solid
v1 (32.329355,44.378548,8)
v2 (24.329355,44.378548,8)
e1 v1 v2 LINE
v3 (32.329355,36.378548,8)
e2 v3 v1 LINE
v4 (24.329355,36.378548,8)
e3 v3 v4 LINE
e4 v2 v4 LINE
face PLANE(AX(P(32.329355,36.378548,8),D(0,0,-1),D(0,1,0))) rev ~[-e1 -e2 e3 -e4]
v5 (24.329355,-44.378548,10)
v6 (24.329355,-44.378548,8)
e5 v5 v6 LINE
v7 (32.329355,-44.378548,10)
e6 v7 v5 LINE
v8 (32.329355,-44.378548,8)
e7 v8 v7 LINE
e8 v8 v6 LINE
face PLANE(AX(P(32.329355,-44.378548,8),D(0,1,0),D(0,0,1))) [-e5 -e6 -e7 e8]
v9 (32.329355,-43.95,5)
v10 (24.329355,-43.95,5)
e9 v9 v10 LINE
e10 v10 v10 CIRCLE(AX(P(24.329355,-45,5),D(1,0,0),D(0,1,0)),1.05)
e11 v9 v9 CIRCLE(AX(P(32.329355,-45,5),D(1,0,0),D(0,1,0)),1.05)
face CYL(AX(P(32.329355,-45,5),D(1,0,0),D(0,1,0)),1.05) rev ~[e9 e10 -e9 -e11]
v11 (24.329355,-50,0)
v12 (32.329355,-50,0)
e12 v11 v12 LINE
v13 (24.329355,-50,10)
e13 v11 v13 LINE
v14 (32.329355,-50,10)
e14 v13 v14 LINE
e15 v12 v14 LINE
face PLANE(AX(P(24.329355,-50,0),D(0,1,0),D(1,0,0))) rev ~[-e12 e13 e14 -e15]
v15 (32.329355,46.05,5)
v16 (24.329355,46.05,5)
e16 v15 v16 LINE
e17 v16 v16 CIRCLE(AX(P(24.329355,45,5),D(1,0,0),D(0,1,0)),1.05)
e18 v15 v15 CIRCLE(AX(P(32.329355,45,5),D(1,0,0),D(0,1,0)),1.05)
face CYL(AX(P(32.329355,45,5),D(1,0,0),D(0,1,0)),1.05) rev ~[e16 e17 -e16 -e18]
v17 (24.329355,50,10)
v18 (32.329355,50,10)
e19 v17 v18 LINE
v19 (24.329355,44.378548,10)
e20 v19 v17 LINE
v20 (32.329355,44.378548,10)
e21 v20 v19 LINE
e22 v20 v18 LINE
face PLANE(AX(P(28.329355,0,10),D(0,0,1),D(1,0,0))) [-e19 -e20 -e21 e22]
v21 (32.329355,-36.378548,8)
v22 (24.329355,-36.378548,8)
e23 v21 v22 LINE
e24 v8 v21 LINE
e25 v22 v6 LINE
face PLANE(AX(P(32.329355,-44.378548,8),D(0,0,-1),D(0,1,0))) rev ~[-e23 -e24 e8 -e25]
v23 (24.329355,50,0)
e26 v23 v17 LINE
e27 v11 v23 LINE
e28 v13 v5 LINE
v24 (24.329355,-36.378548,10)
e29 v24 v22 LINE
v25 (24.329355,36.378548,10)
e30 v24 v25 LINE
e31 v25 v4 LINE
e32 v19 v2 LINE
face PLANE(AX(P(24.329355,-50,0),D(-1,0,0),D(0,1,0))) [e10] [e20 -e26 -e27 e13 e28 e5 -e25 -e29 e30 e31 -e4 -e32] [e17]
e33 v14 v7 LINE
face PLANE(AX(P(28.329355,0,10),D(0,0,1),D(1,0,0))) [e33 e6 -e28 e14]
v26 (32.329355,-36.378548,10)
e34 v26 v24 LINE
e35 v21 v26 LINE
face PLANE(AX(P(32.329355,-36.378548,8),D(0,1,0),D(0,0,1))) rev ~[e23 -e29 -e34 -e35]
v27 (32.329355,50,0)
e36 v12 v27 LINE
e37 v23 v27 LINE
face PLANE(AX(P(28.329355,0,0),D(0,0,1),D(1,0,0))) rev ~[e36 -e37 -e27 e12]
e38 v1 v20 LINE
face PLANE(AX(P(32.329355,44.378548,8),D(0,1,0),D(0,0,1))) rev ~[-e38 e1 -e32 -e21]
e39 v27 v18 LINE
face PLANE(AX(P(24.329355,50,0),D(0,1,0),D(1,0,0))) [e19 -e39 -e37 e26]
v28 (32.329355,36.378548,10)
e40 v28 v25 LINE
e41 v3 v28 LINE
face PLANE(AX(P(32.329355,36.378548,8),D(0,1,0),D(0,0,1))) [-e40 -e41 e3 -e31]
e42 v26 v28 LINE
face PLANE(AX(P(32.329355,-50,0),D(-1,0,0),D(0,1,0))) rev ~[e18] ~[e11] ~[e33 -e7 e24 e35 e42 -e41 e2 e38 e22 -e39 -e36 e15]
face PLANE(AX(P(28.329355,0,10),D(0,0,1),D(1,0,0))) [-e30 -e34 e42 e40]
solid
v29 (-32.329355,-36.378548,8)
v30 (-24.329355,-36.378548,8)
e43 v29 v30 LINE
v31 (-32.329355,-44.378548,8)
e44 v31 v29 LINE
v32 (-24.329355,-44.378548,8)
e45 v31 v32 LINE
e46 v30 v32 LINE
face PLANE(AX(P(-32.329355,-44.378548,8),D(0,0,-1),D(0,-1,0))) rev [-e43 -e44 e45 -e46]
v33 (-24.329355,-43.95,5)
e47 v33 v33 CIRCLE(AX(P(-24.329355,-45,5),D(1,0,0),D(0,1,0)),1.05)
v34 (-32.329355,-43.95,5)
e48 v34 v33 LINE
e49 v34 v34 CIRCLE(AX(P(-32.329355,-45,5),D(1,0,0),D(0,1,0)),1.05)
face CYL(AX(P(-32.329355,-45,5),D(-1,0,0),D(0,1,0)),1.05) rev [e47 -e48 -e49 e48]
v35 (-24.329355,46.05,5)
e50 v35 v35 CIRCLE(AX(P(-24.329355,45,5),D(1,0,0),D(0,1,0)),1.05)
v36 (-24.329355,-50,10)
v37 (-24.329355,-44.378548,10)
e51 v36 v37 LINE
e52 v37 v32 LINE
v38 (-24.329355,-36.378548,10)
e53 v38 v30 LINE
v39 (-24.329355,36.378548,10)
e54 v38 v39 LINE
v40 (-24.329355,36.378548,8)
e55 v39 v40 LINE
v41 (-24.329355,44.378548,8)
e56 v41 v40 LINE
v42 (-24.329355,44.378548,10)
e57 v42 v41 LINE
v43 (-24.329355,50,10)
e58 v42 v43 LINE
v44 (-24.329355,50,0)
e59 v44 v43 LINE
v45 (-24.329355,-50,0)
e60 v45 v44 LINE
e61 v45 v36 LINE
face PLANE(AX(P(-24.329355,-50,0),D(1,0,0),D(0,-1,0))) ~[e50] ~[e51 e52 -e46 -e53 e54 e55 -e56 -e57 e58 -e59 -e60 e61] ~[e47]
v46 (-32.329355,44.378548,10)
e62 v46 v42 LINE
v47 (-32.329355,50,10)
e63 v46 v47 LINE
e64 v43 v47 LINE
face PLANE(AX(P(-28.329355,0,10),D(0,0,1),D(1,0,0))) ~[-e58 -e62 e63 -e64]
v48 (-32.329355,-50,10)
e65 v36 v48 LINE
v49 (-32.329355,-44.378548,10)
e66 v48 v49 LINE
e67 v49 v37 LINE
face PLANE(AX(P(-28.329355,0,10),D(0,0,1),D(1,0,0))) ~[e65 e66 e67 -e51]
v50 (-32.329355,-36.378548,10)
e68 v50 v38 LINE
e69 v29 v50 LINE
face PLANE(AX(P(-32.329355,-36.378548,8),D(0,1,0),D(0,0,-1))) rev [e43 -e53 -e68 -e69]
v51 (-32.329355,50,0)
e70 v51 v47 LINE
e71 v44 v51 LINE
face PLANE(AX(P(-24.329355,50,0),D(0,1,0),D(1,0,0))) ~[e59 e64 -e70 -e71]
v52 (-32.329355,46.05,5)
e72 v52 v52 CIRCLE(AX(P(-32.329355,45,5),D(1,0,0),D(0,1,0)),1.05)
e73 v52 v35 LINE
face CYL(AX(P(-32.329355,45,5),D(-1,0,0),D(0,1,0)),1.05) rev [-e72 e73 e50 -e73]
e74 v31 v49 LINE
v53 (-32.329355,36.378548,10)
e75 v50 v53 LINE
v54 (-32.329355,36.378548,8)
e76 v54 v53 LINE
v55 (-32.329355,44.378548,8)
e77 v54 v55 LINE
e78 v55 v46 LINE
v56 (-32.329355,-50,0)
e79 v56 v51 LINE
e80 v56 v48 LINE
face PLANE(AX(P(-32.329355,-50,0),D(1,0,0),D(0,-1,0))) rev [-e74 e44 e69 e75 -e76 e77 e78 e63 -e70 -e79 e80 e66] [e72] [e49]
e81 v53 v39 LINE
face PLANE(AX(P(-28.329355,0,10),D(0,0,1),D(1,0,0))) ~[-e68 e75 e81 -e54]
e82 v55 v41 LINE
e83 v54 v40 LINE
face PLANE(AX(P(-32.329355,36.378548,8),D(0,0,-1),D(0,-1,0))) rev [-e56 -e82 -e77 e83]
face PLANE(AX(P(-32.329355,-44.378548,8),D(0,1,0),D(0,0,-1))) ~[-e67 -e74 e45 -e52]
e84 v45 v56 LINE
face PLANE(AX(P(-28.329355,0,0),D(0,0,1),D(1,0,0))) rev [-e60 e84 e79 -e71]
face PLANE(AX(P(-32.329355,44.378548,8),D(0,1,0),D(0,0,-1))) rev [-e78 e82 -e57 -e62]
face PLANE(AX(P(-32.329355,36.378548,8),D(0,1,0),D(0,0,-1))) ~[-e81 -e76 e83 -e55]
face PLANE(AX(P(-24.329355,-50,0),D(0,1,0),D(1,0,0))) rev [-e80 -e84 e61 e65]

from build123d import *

# Parameters (mm, degrees)
F0_W     = 8
F0_H     = 100
F1_DEPTH = 10
F2_R     = 1.05
F2_W     = 8
F2_H     = 4
F3_DEPTH = 64.6597103341


with BuildPart() as f1:
    # F0 (on Top) → F1 (new body)
    with BuildSketch(Plane.XY):
        with Locations((-28.329355167, 0)):
            Rectangle(F0_W, F0_H)
    extrude(amount=F1_DEPTH)


with BuildPart() as f1b:
    # F0 (on Top) → F1, piece 2 (new body)
    with BuildSketch(Plane.XY):
        with Locations((28.329355167, 0)):
            Rectangle(F0_W, F0_H)
    extrude(amount=F1_DEPTH)


with BuildPart() as f3_tool:
    # F2 (on face) → F3 (new body, through all)
    with BuildSketch(Plane.YZ.offset(32.329355167)):
        with Locations((45, 5)):
            Circle(F2_R)
        with Locations((-45, 5)):
            Circle(F2_R)
        with Locations((40.3785482049, 10)):
            Rectangle(F2_W, F2_H)
        with Locations((-40.3785482049, 10)):
            Rectangle(F2_W, F2_H)
    extrude(amount=-F3_DEPTH)


with BuildPart() as f1_1:
    add(f1.part)

    # F3: cut by f3_tool
    add(f3_tool.part, mode=Mode.SUBTRACT)


with BuildPart() as f1b_1:
    add(f1b.part)

    # F3: cut by f3_tool
    add(f3_tool.part, mode=Mode.SUBTRACT)


with BuildPart() as f5_1:
    # F5: instance of F1b
    add(f1b_1.part.mirror(Plane.YZ))


solid = Compound([f1b_1.part, f5_1.part])
